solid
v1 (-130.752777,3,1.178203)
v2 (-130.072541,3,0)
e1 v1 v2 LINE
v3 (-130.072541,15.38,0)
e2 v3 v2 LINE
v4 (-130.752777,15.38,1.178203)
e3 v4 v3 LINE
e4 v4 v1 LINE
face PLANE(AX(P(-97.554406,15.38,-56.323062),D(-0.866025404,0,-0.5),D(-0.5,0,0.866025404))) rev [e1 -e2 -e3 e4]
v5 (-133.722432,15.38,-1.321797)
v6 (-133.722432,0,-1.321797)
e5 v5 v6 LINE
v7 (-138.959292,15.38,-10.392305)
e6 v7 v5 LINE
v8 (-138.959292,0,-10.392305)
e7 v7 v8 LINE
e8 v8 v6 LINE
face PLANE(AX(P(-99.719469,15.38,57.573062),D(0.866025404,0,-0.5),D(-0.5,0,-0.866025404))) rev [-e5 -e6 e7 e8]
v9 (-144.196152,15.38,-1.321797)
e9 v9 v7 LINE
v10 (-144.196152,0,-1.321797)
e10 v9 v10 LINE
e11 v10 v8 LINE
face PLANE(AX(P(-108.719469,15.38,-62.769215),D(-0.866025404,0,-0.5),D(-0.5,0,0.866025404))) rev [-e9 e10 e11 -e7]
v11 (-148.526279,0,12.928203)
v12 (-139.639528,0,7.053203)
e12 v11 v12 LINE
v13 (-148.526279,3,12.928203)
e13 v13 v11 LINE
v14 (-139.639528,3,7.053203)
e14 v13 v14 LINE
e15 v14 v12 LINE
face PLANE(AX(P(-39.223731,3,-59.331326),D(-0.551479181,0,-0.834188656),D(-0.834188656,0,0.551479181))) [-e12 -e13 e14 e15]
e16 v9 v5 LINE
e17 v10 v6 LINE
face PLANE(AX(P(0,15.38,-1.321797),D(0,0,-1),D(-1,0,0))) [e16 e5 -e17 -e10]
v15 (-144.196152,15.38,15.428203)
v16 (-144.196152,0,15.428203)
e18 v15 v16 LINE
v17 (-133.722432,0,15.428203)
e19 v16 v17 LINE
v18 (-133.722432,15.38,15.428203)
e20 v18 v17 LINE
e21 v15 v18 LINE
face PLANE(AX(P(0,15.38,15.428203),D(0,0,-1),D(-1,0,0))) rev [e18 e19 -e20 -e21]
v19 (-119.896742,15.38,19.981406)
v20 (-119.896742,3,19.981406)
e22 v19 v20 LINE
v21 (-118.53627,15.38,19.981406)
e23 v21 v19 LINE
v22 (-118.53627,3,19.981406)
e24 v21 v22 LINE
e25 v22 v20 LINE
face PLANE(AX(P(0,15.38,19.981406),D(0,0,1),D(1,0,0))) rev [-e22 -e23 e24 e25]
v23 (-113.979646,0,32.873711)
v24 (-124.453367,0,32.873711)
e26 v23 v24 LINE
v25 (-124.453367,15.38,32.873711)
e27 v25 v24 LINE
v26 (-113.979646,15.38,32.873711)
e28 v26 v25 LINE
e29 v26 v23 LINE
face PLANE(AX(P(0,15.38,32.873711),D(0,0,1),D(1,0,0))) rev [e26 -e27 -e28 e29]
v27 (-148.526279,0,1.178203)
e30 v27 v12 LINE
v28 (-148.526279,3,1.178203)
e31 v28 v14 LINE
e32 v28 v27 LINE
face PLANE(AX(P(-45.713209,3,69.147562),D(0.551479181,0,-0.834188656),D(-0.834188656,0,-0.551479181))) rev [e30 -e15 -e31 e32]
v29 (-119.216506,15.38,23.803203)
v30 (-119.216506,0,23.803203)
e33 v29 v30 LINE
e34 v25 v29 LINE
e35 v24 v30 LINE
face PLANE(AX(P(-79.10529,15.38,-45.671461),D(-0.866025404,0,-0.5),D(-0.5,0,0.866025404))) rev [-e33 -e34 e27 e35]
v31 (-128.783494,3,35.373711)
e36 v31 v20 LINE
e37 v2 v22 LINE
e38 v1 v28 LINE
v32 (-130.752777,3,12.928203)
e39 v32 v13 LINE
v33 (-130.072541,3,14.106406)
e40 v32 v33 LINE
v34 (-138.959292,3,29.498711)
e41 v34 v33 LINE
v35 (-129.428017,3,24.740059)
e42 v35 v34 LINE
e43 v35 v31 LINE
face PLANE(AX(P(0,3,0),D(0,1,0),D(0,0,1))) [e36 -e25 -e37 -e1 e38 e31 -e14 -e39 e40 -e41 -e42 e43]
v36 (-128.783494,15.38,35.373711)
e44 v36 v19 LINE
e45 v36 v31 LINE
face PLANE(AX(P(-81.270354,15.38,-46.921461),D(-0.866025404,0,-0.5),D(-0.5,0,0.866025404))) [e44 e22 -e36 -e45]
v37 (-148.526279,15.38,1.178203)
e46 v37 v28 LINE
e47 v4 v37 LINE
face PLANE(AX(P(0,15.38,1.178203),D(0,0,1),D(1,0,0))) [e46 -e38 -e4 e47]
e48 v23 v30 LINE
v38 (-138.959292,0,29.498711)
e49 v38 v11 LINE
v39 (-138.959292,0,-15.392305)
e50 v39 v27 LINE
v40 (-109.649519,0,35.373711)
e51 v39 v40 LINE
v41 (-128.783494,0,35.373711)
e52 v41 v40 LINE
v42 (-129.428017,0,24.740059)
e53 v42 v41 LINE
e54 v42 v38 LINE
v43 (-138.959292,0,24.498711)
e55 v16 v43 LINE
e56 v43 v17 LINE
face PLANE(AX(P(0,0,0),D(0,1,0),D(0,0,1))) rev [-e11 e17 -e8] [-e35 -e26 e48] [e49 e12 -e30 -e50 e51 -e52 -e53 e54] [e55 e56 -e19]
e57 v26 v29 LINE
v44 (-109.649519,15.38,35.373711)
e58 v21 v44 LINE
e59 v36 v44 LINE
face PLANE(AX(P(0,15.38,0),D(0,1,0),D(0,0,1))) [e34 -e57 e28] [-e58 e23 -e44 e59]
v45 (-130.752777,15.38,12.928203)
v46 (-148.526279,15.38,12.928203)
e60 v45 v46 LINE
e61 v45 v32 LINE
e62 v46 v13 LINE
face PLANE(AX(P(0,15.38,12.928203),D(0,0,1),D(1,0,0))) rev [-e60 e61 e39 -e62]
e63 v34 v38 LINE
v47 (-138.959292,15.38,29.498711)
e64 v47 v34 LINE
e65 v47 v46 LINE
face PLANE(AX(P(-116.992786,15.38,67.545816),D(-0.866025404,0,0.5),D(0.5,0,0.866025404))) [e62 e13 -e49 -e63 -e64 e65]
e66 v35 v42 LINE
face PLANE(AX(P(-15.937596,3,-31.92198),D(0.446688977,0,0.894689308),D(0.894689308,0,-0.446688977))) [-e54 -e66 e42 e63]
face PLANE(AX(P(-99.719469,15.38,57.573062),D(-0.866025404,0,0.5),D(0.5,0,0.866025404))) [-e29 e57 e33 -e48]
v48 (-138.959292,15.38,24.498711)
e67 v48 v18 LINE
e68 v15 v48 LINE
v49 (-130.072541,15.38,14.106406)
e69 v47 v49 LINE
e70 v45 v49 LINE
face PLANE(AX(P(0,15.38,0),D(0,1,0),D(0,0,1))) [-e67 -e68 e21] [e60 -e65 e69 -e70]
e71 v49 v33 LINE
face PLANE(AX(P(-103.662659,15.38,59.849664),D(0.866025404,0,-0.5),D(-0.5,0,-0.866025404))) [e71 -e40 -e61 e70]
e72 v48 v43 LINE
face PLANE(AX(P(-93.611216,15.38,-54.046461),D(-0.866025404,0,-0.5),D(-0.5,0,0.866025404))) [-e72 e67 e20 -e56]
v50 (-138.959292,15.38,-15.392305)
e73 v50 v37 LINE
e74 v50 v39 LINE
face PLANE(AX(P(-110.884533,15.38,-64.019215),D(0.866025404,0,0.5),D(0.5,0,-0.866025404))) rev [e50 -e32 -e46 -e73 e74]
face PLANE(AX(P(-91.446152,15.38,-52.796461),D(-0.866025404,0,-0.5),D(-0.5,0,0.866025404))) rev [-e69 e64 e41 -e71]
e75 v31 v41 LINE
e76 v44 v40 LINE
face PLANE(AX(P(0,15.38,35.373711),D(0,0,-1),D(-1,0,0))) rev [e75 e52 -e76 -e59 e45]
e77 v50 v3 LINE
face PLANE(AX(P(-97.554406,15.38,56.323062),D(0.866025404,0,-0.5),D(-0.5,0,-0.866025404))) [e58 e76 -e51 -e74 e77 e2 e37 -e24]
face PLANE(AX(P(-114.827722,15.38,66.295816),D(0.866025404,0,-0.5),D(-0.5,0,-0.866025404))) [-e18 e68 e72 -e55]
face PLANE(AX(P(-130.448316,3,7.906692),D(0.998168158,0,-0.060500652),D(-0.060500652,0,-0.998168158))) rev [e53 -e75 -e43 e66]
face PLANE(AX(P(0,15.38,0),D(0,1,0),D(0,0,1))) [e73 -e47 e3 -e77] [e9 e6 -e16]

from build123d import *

# Parameters (mm, degrees)
BOSS_EXTRUDE3_DEPTH   = 15.38
BOSS_EXTRUDE3_2_DEPTH = 15.38
BOSS_EXTRUDE3_3_DEPTH = 15.38
BOSS_EXTRUDE5_DEPTH   = 3


with BuildPart() as part:
    # Sketch1 → Boss-Extrude3 (new body)
    with BuildSketch(Plane(origin=(0, 0, 0), x_dir=(1, 0, 0), z_dir=(0, 1, 0))):
        Polygon((-138.959292143, 15.392304845), (-130.072540797, 0), (-130.752776749, -1.17820323), (-148.526279441, -1.17820323), align=None)
        Polygon((-144.196152422, 1.32179677), (-133.722431864, 1.32179677), (-138.959292143, 10.392304845), align=None, mode=Mode.SUBTRACT)
    extrude(amount=BOSS_EXTRUDE3_DEPTH)



with BuildPart() as body_2:
    # Sketch1 → Boss-Extrude3 2 (new body)
    with BuildSketch(Plane(origin=(0, 0, 0), x_dir=(1, 0, 0), z_dir=(0, 1, 0))):
        Polygon((-130.752776749, -12.92820323), (-130.072540797, -14.106406459), (-138.959292143, -29.498711305), (-148.526279441, -12.92820323), align=None)
        Polygon((-144.196152422, -15.42820323), (-138.959292143, -24.498711305), (-133.722431864, -15.42820323), align=None, mode=Mode.SUBTRACT)
    extrude(amount=BOSS_EXTRUDE3_2_DEPTH)


with BuildPart() as body_3:
    # Sketch1 → Boss-Extrude3 3 (new body)
    with BuildSketch(Plane(origin=(0, 0, 0), x_dir=(1, 0, 0), z_dir=(0, 1, 0))):
        Polygon((-128.783493648, -35.373711305), (-119.896742302, -19.981406459), (-118.536270399, -19.981406459), (-109.649519053, -35.373711305), align=None)
        Polygon((-113.979646072, -32.873711305), (-119.216506351, -23.80320323), (-124.453366629, -32.873711305), align=None, mode=Mode.SUBTRACT)
    extrude(amount=BOSS_EXTRUDE3_3_DEPTH)


with BuildPart() as part_1:
    add(part.part)

    add(body_2.part)  # Boss-Extrude5 merges body 2

    add(body_3.part)  # Boss-Extrude5 merges body 3
    # Sketch1<7> → Boss-Extrude5 (add)
    with BuildSketch(Plane(origin=(0, 0, 0), x_dir=(1, 0, 0), z_dir=(0, 1, 0))):
        Polygon((-118.536270399, -19.981406459), (-130.072540797, 0), (-130.752776749, -1.17820323), (-148.526279441, -1.17820323), (-139.639528095, -7.05320323), (-148.526279441, -12.92820323), (-130.752776749, -12.92820323), (-130.072540797, -14.106406459), (-138.959292143, -29.498711305), (-129.428017223, -24.740058882), (-128.783493648, -35.373711305), (-119.896742302, -19.981406459), align=None)
    extrude(amount=BOSS_EXTRUDE5_DEPTH)


solid = part_1.part
